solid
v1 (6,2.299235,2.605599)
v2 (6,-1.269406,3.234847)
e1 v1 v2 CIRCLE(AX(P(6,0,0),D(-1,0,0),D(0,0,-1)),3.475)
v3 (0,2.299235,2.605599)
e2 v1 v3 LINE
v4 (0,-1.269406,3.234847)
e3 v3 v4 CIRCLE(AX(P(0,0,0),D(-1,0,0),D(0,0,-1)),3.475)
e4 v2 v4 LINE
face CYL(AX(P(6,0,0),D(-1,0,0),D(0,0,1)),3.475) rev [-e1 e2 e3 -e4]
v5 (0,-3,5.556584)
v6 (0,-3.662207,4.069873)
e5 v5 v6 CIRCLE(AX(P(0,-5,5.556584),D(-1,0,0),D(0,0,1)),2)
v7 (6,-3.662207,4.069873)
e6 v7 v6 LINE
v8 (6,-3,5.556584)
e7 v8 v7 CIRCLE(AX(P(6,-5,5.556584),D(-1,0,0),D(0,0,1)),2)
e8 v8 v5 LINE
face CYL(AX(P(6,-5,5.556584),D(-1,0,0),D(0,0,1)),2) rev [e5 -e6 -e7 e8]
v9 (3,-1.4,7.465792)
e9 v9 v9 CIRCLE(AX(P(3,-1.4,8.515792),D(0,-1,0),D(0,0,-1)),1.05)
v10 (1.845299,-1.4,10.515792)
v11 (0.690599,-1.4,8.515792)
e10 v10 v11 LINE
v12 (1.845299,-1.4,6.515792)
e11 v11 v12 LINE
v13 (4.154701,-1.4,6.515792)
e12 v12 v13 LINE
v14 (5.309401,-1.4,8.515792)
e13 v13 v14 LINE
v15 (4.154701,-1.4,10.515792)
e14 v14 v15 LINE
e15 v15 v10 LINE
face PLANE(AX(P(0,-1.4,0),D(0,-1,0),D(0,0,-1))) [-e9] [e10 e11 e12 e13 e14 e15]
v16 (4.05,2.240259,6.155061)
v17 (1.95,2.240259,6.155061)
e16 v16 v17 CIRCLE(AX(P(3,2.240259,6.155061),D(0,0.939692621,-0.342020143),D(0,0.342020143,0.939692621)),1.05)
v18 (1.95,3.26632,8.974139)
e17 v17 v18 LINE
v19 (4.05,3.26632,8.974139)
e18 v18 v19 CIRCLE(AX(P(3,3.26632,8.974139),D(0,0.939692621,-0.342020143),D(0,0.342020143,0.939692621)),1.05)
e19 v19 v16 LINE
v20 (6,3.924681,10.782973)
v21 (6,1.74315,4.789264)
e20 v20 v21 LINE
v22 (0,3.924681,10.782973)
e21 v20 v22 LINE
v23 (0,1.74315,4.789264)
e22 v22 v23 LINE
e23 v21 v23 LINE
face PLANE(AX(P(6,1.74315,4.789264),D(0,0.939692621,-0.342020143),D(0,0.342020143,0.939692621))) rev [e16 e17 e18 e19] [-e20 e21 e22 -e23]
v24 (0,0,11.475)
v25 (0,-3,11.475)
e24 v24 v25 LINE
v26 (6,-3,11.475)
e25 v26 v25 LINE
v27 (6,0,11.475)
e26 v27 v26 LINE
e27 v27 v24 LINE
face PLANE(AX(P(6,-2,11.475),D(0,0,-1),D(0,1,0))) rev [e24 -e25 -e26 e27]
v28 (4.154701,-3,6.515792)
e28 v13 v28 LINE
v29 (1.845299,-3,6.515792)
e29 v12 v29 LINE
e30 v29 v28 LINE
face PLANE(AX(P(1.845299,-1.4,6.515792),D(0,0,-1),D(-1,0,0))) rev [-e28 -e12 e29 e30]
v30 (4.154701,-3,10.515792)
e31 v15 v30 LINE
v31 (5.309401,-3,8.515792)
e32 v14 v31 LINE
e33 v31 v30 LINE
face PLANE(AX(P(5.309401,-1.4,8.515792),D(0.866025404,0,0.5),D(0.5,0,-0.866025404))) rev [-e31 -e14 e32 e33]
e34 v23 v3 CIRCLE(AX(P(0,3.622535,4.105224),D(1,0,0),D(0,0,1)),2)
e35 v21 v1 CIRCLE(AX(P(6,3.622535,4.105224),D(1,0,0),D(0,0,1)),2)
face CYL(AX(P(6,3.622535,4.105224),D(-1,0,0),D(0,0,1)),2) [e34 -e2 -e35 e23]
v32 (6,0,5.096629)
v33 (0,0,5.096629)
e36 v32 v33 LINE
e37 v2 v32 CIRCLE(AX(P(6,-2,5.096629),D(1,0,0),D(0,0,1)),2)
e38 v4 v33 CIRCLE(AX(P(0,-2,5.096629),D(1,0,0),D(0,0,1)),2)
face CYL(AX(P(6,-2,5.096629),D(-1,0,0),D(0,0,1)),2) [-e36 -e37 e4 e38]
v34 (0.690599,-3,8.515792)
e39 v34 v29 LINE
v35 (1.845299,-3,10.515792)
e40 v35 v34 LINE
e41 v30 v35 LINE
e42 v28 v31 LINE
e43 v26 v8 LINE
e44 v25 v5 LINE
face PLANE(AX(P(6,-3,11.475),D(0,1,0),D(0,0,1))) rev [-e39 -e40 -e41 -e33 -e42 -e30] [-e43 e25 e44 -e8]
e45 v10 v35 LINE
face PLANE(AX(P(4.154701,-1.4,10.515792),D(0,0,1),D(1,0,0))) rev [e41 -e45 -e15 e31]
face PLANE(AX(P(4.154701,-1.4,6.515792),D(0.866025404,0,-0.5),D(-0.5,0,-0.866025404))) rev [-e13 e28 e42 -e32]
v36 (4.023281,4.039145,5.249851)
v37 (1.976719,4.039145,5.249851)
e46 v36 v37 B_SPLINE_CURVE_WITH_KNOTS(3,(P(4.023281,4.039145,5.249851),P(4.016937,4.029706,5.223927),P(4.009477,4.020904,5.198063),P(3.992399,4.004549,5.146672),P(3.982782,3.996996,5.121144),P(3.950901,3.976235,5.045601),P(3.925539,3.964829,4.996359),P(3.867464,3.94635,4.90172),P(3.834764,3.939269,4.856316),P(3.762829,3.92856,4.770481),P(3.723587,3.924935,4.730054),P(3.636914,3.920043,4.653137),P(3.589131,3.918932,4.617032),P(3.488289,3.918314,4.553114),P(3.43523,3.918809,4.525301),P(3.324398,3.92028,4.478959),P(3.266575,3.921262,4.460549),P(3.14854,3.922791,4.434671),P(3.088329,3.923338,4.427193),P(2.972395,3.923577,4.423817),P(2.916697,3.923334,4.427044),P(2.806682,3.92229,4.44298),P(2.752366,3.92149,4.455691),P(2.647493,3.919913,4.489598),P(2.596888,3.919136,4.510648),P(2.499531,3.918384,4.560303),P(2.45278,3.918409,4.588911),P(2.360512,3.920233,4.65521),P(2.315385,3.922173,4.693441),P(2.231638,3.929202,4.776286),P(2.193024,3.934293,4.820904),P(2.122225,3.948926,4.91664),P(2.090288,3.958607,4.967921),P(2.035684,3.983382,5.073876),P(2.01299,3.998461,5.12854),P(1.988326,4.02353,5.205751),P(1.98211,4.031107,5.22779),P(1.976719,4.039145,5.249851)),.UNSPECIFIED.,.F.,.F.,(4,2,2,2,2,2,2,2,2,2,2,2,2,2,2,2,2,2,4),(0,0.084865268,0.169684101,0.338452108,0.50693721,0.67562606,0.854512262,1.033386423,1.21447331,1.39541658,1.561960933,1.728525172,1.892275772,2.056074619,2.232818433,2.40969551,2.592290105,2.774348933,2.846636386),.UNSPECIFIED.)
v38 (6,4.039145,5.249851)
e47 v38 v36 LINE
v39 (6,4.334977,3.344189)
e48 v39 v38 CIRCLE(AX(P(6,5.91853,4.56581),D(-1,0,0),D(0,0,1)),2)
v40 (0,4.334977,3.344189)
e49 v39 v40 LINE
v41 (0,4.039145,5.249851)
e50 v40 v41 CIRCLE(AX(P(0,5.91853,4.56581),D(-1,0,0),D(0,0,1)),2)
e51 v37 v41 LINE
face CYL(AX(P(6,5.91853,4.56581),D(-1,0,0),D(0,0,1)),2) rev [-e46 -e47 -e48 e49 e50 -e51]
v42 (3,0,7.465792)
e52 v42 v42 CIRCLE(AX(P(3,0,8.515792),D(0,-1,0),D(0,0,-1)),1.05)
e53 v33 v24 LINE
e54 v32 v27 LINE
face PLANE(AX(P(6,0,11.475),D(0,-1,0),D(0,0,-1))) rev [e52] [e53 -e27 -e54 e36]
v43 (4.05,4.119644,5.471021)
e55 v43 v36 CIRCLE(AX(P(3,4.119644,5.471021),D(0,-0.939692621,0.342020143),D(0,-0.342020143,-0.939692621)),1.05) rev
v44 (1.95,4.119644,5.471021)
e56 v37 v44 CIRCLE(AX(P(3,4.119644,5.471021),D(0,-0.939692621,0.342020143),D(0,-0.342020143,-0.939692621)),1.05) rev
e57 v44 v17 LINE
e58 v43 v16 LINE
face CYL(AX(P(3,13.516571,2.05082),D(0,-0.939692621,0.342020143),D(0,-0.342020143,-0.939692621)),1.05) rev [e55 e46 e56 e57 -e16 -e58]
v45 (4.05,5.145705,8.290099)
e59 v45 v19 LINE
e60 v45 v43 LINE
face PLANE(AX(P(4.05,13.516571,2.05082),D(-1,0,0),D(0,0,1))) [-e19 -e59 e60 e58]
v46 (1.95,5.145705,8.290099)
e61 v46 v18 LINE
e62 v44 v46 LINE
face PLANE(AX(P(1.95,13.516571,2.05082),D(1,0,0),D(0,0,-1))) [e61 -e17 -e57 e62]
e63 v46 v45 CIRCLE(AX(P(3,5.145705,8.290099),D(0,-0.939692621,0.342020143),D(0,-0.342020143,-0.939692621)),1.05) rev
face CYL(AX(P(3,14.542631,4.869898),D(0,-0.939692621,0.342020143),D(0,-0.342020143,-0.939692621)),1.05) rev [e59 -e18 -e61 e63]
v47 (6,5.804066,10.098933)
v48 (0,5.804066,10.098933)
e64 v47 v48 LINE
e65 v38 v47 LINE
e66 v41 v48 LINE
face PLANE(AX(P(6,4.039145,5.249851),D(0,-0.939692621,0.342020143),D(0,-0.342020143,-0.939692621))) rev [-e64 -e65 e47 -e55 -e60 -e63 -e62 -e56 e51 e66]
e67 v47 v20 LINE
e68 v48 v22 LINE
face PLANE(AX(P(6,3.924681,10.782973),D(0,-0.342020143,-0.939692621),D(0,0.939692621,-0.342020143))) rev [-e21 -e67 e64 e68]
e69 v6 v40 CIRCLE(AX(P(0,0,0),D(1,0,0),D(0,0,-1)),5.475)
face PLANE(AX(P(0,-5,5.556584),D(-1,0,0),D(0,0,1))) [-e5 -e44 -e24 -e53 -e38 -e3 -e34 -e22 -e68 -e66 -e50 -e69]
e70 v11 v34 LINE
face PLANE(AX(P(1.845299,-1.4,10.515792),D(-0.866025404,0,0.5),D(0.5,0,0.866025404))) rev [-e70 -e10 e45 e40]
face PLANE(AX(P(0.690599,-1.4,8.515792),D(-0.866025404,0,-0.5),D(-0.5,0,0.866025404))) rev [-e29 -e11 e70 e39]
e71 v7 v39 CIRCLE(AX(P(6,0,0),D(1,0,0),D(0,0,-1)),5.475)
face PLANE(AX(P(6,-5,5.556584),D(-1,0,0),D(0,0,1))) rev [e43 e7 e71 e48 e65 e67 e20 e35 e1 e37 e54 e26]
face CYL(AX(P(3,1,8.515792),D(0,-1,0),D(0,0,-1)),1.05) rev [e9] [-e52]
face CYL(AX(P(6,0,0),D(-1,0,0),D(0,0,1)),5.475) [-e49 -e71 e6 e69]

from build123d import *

# Parameters (mm, degrees)
BOSS_EXTRUDE1_DEPTH     = 6
CUT_EXTRUDE1_DEPTH      = 10
CUT_EXTRUDE1_DEPTH_BACK = 2
SKETCH4_R               = 1.05
CUT_EXTRUDE2_DEPTH      = 1.6
SKETCH4_2_R             = 1.05
CUT_EXTRUDE3_DEPTH      = 4


with BuildPart() as part:
    # Sketch1 → Boss-Extrude1 (new body)
    with BuildSketch(Plane(origin=(0, 0, 0), x_dir=(0, 0, -1), z_dir=(1, 0, 0))):
        with BuildLine():
            Line((-11.475, 0), (-5.096628788, 0))
            ThreePointArc((-5.096628788, 0), (-3.969949422, -0.347549212), (-3.234846582, -1.269406393))
            ThreePointArc((-3.234846582, -1.269406393), (3.422206942, -0.603427417), (-2.605598906, 2.299234512))
            ThreePointArc((-2.605598906, 2.299234512), (-3.611663346, 1.6843921), (-4.789264463, 1.743149708))
            Line((-4.789264463, 1.743149708), (-10.782972824, 3.924681145))
            Line((-10.782972824, 3.924681145), (-10.098932537, 5.804066386))
            Line((-10.098932537, 5.804066386), (-5.249850762, 4.039144957))
            ThreePointArc((-5.249850762, 4.039144957), (-4.259008351, 3.942202175), (-3.344188943, 4.334976968))
            ThreePointArc((-3.344188943, 4.334976968), (5.452597189, -0.494781667), (-4.069872513, -3.662207358))
            ThreePointArc((-4.069872513, -3.662207358), (-4.742822691, -3.173037318), (-5.556583933, -3))
            Line((-5.556583933, -3), (-11.475, -3))
            Line((-11.475, -3), (-11.475, -2))
            Line((-11.475, -2), (-11.475, 0))
        make_face()
    extrude(amount=BOSS_EXTRUDE1_DEPTH)

    # Sketch3 → Cut-Extrude1 (cut, two sides: drawn at the far end of the back side and taken through both)
    with BuildSketch(Plane(origin=(0, 1.879385242, -0.684040287), x_dir=(1, 0, 0), z_dir=(0, 0.9396926207859091, -0.34202014332566716)).offset(-CUT_EXTRUDE1_DEPTH_BACK)):
        with BuildLine():
            Line((4.05, -6.550079558), (4.05, -9.550079558))
            ThreePointArc((4.05, -9.550079558), (3, -10.600079558), (1.95, -9.550079558))
            Line((1.95, -9.550079558), (1.95, -6.550079558))
            ThreePointArc((1.95, -6.550079558), (3, -5.500079558), (4.05, -6.550079558))
        make_face()
    extrude(amount=CUT_EXTRUDE1_DEPTH + CUT_EXTRUDE1_DEPTH_BACK, mode=Mode.SUBTRACT)

    # Sketch4 → Cut-Extrude2 (cut)
    with BuildSketch(Plane.XZ.offset(3)):
        Polygon((4.154700538, 10.515791966), (1.845299462, 10.515791966), (0.690598923, 8.515791966), (1.845299462, 6.515791966), (4.154700538, 6.515791966), (5.309401077, 8.515791966), align=None)
        with Locations((3, 8.515791966)):
            Circle(SKETCH4_R, mode=Mode.SUBTRACT)
    extrude(amount=-CUT_EXTRUDE2_DEPTH, mode=Mode.SUBTRACT)

    # Sketch4<2> → Cut-Extrude3 (cut)
    with BuildSketch(Plane.XZ.offset(3)):
        with Locations((3, 8.515791966)):
            Circle(SKETCH4_2_R)
    extrude(amount=-CUT_EXTRUDE3_DEPTH, mode=Mode.SUBTRACT)


solid = part.part
